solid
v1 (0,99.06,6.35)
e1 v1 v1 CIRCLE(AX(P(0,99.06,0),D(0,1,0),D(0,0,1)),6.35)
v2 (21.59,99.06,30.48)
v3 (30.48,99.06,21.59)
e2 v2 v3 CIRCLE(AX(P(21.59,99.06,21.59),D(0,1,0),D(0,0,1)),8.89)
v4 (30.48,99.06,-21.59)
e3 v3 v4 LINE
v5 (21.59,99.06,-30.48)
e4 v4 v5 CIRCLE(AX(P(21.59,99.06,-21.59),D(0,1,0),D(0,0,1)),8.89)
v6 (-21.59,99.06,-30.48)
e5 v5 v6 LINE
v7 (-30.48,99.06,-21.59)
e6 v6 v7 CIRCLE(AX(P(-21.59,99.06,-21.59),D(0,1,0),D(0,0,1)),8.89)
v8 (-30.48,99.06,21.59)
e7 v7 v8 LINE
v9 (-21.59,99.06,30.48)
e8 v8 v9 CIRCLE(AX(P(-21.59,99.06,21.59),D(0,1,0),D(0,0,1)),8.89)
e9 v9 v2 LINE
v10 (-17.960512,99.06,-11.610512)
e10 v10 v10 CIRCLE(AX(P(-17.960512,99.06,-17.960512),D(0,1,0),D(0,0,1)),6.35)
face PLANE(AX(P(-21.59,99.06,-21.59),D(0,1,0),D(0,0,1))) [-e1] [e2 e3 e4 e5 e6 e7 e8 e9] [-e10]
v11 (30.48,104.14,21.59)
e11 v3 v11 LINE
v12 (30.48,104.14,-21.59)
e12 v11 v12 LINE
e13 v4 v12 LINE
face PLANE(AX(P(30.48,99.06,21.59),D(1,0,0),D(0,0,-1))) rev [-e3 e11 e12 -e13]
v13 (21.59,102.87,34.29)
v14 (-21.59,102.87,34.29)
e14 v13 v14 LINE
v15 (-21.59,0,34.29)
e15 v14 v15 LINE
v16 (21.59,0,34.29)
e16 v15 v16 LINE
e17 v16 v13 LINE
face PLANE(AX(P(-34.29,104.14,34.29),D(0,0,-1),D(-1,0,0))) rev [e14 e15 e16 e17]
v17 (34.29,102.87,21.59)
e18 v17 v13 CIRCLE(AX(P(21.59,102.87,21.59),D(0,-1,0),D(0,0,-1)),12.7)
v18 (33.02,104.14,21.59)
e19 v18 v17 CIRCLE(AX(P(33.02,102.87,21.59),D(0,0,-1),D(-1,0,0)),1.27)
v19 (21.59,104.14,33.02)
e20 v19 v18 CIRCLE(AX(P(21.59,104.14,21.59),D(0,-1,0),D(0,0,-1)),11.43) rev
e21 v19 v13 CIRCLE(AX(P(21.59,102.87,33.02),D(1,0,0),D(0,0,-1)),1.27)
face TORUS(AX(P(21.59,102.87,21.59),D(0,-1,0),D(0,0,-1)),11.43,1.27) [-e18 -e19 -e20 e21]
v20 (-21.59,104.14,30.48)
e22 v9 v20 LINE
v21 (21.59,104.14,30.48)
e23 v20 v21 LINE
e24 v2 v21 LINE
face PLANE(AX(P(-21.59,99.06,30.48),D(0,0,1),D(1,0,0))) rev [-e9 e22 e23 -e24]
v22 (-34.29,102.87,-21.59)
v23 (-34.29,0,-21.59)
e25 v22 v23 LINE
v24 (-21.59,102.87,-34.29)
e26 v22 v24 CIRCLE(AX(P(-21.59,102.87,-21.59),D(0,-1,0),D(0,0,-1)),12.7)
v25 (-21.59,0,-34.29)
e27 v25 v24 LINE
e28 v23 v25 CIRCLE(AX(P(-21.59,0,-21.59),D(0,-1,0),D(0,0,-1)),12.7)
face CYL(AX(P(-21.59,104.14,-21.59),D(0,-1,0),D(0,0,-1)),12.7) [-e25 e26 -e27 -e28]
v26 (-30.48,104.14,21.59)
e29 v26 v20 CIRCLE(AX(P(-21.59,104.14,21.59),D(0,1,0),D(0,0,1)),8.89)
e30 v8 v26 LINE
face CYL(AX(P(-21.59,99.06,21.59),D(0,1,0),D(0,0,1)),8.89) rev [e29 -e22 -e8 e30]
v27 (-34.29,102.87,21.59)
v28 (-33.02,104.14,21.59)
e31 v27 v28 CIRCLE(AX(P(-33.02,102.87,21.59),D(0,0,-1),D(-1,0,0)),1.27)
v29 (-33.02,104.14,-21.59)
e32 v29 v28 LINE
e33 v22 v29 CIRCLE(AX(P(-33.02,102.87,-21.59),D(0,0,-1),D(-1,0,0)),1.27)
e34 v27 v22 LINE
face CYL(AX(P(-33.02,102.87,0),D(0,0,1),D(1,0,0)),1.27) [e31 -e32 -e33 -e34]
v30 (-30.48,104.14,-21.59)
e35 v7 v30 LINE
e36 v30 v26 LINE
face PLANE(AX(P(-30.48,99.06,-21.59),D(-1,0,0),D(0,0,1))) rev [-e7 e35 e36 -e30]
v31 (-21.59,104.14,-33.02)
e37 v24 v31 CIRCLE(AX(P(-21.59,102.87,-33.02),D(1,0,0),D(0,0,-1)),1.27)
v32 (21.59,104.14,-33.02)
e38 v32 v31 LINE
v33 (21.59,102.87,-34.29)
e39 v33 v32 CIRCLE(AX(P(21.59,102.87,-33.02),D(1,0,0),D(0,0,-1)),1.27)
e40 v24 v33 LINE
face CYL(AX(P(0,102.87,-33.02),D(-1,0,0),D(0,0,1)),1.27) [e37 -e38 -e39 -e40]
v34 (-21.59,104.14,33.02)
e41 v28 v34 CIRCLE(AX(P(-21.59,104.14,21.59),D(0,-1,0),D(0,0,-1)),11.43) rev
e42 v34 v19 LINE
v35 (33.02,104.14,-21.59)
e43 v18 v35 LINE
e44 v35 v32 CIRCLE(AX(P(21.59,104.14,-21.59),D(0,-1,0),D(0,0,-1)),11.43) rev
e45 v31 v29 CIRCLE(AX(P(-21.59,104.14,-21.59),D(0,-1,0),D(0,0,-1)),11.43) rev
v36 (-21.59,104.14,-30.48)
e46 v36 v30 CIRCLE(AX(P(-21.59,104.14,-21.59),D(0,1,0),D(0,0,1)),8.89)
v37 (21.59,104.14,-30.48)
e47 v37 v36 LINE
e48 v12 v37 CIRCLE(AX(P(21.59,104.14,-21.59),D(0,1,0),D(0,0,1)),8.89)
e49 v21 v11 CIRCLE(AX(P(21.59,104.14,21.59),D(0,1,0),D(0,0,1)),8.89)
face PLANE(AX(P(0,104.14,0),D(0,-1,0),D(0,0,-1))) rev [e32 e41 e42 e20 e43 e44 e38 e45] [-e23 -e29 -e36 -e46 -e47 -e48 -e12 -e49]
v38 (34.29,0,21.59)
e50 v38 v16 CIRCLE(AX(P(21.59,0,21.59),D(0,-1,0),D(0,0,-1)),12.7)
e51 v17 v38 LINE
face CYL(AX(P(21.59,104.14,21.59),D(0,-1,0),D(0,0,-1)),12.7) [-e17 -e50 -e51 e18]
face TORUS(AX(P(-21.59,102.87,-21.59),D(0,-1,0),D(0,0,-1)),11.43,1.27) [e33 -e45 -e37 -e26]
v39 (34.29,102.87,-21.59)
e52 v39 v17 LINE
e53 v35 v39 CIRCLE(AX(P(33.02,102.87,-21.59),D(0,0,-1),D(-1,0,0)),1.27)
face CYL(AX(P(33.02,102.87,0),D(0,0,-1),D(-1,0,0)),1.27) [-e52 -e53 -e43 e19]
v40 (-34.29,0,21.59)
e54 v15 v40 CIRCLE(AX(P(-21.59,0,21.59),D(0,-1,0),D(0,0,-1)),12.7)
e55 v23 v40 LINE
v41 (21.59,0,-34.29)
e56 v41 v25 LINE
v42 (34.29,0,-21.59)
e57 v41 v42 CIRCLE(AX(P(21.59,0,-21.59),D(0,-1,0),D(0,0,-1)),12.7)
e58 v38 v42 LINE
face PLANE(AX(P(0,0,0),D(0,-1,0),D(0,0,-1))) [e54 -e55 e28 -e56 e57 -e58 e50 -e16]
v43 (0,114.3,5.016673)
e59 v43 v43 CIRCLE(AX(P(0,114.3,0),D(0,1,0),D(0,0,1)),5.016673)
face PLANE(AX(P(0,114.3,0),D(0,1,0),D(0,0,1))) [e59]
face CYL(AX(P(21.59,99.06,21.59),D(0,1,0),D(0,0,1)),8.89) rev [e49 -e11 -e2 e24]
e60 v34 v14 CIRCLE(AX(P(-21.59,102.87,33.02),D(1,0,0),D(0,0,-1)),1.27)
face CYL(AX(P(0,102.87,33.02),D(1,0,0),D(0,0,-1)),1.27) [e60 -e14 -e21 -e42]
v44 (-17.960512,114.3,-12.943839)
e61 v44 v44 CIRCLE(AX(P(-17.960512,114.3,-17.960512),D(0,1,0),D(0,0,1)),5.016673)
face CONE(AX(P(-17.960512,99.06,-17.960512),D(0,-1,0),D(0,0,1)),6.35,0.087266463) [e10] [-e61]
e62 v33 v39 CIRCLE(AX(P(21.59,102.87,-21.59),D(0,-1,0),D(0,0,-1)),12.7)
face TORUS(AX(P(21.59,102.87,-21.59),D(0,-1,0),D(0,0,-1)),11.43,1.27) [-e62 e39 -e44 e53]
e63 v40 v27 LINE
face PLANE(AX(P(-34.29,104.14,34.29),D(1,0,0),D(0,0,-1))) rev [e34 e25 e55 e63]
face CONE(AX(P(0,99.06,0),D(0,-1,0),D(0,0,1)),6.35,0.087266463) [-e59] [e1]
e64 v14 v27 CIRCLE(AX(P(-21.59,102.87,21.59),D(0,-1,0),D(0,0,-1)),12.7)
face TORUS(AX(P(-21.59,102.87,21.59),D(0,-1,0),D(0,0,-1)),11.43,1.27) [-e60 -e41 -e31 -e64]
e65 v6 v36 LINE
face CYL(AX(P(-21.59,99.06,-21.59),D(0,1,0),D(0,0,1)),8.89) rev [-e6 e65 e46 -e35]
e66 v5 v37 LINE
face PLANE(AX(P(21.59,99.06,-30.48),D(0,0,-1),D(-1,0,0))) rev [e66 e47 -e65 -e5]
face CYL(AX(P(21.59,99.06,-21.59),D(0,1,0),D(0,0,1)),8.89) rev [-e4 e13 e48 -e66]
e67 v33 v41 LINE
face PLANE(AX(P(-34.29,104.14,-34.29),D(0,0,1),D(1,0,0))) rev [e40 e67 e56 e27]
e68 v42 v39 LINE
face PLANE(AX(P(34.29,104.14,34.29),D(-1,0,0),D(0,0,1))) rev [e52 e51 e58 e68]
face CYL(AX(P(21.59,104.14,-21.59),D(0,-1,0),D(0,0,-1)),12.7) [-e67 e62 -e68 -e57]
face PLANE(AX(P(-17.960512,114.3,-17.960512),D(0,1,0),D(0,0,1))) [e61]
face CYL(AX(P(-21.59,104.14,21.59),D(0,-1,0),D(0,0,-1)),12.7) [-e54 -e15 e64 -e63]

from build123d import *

# Parameters (mm, degrees)
SKETCH1_W          = 68.58
SKETCH1_H          = 68.58
BASE_EXTRUDE_DEPTH = 104.14
SIDE_FILLETS_R     = 12.7
TOP_CUT_DEPTH      = 5.08
TOP_FACE_FILLET_R  = 1.27
SKETCH_TERMINALS_R = 6.35
TERMINALS_DEPTH    = 15.24
TERMINALS_TAPER    = 5


with BuildPart() as part:
    # Sketch1 → Base Extrude (new body)
    with BuildSketch(Plane(origin=(0, 0, 0), x_dir=(1, 0, 0), z_dir=(0, 1, 0))):
        Rectangle(SKETCH1_W, SKETCH1_H)
    extrude(amount=BASE_EXTRUDE_DEPTH)

    # Side Fillets
    side_fillets_edges = [part.edges().sort_by_distance(p)[0] for p in [
        (34.29, 52.07, 34.29),
        (-34.29, 52.07, 34.29),
        (-34.29, 52.07, -34.29),
        (34.29, 52.07, -34.29),
    ]]
    fillet(side_fillets_edges, radius=SIDE_FILLETS_R)

    # Sketch2 → Top Cut (cut)
    with BuildSketch(Plane(origin=(0, 104.14, 0), x_dir=(1, 0, 0), z_dir=(0, 1, 0))):
        with BuildLine():
            Line((-30.48, 21.59), (-30.48, -21.59))
            ThreePointArc((-30.48, -21.59), (-27.876179285, -27.876179285), (-21.59, -30.48))
            Line((-21.59, -30.48), (21.59, -30.48))
            ThreePointArc((21.59, -30.48), (27.876179285, -27.876179285), (30.48, -21.59))
            Line((30.48, -21.59), (30.48, 21.59))
            ThreePointArc((30.48, 21.59), (27.876179285, 27.876179285), (21.59, 30.48))
            Line((21.59, 30.48), (-21.59, 30.48))
            ThreePointArc((-21.59, 30.48), (-27.876179285, 27.876179285), (-30.48, 21.59))
        make_face()
    extrude(amount=-TOP_CUT_DEPTH, mode=Mode.SUBTRACT)

    # Top Face Fillet
    top_face_fillet_edges = [part.edges().sort_by_distance(p)[0] for p in [
        (0, 104.14, 34.29),
        (-34.29, 104.14, 0),
        (34.29, 104.14, 0),
        (0, 104.14, -34.29),
        (30.570256121, 104.14, 30.570256121),
        (30.570256121, 104.14, -30.570256121),
        (-30.570256121, 104.14, -30.570256121),
        (-30.570256121, 104.14, 30.570256121),
    ]]
    fillet(top_face_fillet_edges, radius=TOP_FACE_FILLET_R)

    # Sketch-TERMINALS → Terminals (add)
    with BuildSketch(Plane(origin=(0, 99.06, 0), x_dir=(1, 0, 0), z_dir=(0, 1, 0))):
        Circle(SKETCH_TERMINALS_R)
        with Locations((-17.960512242, 17.960512242)):
            Circle(SKETCH_TERMINALS_R)
    extrude(amount=TERMINALS_DEPTH, taper=TERMINALS_TAPER)


solid = part.part
